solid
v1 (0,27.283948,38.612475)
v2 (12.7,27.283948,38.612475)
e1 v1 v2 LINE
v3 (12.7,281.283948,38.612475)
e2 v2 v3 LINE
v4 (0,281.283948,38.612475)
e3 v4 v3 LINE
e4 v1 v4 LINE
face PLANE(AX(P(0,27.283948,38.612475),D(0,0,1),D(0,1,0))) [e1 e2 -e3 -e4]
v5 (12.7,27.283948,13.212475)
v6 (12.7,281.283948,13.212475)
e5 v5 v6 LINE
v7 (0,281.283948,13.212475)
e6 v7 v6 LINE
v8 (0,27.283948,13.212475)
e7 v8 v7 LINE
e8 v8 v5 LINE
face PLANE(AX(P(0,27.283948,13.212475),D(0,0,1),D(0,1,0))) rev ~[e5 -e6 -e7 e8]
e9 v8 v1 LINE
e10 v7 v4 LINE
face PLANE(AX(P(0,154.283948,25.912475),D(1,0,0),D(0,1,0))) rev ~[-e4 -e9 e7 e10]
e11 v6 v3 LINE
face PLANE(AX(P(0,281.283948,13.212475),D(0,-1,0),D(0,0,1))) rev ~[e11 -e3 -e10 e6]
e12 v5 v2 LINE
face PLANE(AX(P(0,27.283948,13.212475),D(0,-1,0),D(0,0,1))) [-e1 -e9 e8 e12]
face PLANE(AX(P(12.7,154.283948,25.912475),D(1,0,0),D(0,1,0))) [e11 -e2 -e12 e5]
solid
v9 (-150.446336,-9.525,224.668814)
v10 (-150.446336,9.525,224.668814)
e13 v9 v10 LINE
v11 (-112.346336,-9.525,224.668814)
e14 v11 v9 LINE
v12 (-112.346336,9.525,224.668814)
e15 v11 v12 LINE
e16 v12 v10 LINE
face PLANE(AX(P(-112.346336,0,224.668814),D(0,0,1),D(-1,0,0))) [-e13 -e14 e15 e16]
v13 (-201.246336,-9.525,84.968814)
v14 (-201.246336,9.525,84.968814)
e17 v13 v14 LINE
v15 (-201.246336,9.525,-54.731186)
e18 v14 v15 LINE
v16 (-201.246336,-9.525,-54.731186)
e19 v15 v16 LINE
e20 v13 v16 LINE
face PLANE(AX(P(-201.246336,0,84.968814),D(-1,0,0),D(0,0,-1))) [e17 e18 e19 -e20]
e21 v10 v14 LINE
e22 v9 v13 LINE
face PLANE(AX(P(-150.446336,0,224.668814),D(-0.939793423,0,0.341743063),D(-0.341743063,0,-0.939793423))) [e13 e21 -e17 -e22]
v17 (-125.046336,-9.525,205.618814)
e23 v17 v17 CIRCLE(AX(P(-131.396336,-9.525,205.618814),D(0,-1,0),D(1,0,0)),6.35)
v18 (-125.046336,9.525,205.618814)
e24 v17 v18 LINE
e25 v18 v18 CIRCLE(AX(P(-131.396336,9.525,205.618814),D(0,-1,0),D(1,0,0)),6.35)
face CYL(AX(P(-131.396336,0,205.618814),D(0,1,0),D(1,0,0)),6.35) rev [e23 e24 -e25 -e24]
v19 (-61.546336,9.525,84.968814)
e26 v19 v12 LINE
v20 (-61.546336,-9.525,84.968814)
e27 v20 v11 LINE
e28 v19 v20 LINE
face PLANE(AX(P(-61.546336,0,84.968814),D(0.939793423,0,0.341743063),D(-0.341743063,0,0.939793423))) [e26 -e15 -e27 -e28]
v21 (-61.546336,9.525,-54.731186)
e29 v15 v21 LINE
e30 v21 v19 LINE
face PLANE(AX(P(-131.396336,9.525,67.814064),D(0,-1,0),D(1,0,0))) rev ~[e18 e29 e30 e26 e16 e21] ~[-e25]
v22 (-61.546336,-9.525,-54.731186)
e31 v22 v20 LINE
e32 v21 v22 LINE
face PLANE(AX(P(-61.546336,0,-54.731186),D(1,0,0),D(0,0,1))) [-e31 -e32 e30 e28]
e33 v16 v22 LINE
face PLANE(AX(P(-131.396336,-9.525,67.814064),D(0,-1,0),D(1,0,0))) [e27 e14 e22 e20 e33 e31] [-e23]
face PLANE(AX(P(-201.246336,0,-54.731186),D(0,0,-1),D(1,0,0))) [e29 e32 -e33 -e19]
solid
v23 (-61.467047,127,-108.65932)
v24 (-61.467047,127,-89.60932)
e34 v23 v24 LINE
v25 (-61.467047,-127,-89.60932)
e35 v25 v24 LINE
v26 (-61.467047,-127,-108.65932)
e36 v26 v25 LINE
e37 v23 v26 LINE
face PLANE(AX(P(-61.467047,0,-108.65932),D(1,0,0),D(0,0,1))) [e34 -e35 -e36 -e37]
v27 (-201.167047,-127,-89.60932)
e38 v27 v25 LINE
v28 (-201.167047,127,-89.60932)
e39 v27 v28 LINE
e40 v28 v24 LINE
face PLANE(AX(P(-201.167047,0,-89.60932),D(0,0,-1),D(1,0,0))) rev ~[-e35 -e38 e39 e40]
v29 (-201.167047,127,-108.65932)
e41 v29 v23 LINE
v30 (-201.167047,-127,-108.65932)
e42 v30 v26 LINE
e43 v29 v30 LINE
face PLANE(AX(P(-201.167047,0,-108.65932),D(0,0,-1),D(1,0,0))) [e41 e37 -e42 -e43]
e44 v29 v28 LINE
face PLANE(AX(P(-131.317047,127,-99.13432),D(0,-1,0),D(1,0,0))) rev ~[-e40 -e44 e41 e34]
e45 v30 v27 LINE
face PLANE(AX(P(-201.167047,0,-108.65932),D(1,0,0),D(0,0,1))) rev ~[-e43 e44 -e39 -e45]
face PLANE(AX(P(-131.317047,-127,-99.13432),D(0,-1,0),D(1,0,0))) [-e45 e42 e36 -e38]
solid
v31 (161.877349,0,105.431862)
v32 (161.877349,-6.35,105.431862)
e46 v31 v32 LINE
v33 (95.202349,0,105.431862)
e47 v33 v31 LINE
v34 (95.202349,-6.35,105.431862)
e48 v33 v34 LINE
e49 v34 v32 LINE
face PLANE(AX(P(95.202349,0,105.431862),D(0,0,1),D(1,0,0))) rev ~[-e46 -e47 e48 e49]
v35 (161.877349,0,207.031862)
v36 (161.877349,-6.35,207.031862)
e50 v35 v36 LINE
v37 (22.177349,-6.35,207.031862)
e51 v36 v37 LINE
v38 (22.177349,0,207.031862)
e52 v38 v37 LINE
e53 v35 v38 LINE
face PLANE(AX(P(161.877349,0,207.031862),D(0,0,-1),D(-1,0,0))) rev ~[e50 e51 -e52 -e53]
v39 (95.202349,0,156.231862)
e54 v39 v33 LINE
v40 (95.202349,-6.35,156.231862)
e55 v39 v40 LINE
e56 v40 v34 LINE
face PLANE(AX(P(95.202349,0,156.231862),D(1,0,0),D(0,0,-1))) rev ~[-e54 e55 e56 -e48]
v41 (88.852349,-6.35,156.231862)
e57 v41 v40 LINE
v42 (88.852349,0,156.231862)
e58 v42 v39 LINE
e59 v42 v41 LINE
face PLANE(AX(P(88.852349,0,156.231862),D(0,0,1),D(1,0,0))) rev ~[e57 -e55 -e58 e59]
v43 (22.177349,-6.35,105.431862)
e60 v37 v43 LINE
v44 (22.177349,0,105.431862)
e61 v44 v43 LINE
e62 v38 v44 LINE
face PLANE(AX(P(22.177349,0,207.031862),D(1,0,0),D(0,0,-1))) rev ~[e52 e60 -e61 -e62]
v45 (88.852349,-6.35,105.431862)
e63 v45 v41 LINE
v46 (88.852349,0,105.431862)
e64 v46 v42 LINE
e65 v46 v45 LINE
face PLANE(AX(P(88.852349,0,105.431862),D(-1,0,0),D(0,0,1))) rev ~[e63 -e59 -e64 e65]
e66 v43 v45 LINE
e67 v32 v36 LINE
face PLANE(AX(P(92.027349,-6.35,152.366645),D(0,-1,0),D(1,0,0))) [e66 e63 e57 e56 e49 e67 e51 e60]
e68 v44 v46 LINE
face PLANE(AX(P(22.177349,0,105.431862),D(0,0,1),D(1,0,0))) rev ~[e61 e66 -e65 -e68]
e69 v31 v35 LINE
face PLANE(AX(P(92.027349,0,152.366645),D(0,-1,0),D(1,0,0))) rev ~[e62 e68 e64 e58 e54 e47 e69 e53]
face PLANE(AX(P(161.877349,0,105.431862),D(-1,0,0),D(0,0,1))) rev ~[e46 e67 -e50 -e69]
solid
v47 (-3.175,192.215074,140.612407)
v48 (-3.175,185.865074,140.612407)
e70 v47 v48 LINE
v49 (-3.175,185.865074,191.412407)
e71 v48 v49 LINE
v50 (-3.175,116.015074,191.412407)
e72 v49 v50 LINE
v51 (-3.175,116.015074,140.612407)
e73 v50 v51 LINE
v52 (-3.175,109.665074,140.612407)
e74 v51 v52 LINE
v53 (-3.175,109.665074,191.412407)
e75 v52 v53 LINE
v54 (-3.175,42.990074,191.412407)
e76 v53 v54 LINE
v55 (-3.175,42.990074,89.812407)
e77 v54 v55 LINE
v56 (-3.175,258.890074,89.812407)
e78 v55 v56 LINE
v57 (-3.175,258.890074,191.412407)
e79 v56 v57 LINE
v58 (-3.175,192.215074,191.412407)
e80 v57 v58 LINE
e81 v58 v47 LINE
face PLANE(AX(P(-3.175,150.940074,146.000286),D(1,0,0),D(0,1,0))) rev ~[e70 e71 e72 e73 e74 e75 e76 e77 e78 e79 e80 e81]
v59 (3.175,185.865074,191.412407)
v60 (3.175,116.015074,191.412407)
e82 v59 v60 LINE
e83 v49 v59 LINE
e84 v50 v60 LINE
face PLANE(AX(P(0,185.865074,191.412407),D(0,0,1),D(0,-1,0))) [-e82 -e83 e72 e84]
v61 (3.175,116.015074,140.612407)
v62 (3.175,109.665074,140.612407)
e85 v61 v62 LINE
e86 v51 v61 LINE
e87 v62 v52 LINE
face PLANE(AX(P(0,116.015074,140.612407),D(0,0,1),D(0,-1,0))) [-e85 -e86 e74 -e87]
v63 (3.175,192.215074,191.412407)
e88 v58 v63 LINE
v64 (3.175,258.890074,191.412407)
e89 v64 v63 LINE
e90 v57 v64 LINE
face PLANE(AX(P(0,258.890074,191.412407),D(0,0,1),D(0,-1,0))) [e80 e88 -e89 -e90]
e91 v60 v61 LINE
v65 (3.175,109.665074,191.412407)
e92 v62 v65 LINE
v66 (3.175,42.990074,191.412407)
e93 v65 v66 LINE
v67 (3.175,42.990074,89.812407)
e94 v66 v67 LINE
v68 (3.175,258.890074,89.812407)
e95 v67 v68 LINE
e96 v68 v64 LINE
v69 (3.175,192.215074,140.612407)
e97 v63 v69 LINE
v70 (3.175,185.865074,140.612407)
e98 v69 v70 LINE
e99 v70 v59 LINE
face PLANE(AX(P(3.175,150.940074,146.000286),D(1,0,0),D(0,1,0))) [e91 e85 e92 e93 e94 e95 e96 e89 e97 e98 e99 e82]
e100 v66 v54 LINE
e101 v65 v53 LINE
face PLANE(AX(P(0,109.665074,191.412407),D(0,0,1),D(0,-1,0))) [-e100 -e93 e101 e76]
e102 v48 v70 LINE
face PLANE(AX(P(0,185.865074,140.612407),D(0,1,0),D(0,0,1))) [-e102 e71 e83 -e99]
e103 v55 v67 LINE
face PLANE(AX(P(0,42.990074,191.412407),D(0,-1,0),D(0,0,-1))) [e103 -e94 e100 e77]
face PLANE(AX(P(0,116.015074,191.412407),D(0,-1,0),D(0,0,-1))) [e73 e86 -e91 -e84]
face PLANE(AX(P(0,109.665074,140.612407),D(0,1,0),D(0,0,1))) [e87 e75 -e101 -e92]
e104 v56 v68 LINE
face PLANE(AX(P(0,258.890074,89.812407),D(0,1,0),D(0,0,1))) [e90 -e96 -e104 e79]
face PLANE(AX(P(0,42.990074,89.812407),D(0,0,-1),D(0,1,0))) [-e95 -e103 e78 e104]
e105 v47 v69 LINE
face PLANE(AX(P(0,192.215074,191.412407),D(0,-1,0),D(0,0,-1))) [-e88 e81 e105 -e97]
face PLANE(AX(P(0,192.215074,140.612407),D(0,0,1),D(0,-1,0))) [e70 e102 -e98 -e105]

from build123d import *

# Parameters (mm, degrees)
F2_W     = 254
F2_H     = 25.4
F3_DEPTH = 12.7
F1_R     = 6.35
F4_DEPTH = 9.525
F0_W     = 139.7
F0_H     = 19.05
F5_DEPTH = 127
F7_DEPTH = 3.175
F9_DEPTH = 6.35


with BuildPart() as f3:
    # F2 (on Right) → F3 (new body)
    with BuildSketch(Plane.YZ):
        with Locations((154.283948, 25.912475)):
            Rectangle(F2_W, F2_H)
    extrude(amount=F3_DEPTH)


with BuildPart() as f4:
    # F1 (on Front) → F4 (new body, symmetric)
    with BuildSketch(Plane.XZ):
        Polygon((-201.246336, 84.968814), (-201.246336, -54.731186), (-61.546336, -54.731186), (-61.546336, 84.968814), (-112.346336, 224.668814), (-150.446336, 224.668814), align=None)
        with Locations((-131.396336, 205.618814)):
            Circle(F1_R, mode=Mode.SUBTRACT)
    extrude(amount=F4_DEPTH, both=True)


with BuildPart() as f5:
    # F0 (on Front) → F5 (new body, symmetric)
    with BuildSketch(Plane.XZ):
        with Locations((-131.317047, -99.13432)):
            Rectangle(F0_W, F0_H)
    extrude(amount=F5_DEPTH, both=True)


with BuildPart() as f7:
    # F6 (on Right) → F7 (new body, symmetric)
    with BuildSketch(Plane.YZ):
        Polygon((42.990074, 191.412407), (42.990074, 89.812407), (258.890074, 89.812407), (258.890074, 191.412407), (192.215074, 191.412407), (192.215074, 140.612407), (185.865074, 140.612407), (185.865074, 191.412407), (116.015074, 191.412407), (116.015074, 140.612407), (109.665074, 140.612407), (109.665074, 191.412407), align=None)
    extrude(amount=F7_DEPTH, both=True)


with BuildPart() as f9:
    # F8 (on Front) → F9 (new body)
    with BuildSketch(Plane.XZ):
        Polygon((161.877349, 105.431862), (161.877349, 207.031862), (22.177349, 207.031862), (22.177349, 105.431862), (88.852349, 105.431862), (88.852349, 156.231862), (95.202349, 156.231862), (95.202349, 105.431862), align=None)
    extrude(amount=F9_DEPTH)


solid = Compound([f3.part, f4.part, f5.part, f7.part, f9.part])
